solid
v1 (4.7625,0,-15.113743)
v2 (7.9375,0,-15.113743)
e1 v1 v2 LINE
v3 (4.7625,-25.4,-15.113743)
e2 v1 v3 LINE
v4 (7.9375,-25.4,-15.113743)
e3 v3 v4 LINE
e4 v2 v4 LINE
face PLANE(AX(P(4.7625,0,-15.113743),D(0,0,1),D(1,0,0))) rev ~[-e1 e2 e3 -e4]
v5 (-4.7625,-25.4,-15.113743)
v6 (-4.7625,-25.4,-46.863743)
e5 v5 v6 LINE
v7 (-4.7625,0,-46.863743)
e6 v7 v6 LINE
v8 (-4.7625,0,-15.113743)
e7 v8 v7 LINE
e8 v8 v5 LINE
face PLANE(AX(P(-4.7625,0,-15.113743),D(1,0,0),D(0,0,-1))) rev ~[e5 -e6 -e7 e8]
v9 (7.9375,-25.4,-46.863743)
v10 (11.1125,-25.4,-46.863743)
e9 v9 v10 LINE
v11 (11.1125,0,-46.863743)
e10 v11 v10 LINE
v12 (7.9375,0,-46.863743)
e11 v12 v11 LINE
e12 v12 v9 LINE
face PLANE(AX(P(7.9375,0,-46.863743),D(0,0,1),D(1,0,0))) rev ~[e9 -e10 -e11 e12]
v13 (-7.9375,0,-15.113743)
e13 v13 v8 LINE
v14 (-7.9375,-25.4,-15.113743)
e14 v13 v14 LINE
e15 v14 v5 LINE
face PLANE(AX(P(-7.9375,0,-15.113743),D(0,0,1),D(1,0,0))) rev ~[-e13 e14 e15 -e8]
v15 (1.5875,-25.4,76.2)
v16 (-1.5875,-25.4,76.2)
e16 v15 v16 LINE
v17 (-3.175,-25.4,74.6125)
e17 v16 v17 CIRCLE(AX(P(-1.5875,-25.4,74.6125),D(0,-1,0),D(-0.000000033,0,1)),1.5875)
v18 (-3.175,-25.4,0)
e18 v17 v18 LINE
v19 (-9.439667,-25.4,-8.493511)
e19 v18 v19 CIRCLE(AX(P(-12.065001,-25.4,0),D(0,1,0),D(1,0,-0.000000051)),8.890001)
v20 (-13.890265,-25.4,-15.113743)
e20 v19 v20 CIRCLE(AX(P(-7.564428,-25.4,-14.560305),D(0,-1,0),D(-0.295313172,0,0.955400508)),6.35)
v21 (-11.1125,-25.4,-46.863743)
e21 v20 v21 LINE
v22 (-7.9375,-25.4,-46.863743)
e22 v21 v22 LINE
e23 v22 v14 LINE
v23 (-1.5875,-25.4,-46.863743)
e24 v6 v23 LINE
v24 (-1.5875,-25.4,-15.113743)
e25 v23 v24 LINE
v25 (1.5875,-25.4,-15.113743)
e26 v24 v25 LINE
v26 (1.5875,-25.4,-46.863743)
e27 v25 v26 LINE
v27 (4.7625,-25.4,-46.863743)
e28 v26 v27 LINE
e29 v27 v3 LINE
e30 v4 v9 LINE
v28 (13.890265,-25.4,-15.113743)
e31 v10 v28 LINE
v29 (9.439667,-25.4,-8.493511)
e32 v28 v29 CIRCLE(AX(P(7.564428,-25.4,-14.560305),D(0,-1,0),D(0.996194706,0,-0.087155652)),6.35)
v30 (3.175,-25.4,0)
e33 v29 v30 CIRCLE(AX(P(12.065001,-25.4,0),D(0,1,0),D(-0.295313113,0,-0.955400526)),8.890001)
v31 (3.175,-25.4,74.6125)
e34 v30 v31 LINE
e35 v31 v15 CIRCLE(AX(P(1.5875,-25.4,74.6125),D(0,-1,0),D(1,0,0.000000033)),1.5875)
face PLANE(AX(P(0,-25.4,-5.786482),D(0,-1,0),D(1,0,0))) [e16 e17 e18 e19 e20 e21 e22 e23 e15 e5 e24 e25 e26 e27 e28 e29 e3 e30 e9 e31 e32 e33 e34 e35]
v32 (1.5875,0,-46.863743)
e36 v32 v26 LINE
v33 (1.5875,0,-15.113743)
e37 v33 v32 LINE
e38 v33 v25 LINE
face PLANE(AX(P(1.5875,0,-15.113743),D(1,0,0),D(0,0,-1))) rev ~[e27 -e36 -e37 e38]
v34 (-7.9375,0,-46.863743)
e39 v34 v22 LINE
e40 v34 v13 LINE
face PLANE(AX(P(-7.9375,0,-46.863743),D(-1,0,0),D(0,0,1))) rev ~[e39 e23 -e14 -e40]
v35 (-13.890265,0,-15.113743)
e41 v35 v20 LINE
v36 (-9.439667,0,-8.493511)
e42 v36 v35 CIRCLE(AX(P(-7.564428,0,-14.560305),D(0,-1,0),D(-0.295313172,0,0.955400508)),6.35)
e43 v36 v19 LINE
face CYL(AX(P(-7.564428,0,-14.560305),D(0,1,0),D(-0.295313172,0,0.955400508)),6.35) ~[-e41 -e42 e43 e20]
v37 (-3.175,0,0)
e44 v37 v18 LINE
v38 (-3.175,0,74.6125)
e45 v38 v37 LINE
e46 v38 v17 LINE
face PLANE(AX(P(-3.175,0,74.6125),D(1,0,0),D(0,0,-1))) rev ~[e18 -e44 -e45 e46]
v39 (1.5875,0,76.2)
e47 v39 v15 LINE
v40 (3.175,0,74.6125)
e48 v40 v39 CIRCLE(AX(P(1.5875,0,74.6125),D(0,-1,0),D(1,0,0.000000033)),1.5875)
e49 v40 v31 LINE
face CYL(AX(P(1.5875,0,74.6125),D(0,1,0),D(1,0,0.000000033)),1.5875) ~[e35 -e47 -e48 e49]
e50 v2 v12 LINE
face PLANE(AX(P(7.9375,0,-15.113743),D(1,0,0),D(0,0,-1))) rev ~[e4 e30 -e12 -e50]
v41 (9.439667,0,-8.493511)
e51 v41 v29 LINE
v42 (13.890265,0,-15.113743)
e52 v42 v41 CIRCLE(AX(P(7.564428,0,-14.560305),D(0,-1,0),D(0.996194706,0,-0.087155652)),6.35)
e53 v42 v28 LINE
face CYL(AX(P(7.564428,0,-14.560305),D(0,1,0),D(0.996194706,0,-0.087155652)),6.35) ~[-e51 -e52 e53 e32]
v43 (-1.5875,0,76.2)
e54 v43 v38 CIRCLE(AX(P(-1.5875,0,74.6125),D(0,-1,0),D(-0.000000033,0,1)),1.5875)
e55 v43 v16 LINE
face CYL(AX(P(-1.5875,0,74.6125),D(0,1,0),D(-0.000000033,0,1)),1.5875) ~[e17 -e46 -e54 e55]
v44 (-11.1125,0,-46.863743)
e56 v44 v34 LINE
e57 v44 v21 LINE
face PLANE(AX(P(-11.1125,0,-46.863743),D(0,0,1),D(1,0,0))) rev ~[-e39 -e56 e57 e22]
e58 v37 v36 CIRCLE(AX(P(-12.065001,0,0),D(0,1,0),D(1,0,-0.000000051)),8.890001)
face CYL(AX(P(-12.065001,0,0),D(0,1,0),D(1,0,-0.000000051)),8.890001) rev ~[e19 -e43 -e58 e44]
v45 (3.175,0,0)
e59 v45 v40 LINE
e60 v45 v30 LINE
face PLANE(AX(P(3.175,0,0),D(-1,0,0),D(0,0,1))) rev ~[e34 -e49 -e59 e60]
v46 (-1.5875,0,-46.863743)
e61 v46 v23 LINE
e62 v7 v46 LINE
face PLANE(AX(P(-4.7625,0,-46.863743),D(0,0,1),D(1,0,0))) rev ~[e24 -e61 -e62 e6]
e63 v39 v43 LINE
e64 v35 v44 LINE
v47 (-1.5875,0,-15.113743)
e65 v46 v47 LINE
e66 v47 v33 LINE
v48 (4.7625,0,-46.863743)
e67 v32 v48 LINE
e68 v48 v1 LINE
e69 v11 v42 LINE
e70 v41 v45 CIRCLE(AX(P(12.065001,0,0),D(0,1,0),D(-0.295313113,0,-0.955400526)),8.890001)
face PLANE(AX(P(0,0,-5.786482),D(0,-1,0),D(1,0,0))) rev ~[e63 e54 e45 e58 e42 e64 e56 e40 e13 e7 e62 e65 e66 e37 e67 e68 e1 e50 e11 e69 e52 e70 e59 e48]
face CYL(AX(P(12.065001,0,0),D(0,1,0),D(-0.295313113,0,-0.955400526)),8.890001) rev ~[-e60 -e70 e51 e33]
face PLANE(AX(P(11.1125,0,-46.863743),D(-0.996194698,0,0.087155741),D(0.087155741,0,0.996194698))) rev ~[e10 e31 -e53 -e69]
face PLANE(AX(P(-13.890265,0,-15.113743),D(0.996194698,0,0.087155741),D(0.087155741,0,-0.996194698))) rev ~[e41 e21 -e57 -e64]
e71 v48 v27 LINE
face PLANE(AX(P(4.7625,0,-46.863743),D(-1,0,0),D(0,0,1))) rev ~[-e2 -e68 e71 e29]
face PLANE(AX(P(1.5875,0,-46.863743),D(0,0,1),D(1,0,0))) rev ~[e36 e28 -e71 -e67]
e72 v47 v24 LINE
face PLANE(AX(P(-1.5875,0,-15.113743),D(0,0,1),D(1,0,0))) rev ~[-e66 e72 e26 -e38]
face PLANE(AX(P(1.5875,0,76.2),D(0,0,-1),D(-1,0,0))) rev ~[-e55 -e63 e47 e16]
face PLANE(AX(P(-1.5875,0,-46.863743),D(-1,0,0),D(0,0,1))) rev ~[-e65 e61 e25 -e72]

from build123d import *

# Parameters (mm, degrees)
F1_DEPTH = 25.4


with BuildPart() as f1:
    # F0 (on Front) → F1 (new body)
    with BuildSketch(Plane.XZ):
        with BuildLine():
            ThreePointArc((-1.5875, 76.2), (-2.710032, 75.735032), (-3.175, 74.6125))
            Line((-3.175, 74.6125), (-3.175, 0))
            ThreePointArc((-3.175, 0), (-4.910585, -5.276973), (-9.439667, -8.493511))
            ThreePointArc((-9.439667, -8.493511), (-12.834274, -11.017533), (-13.890265, -15.113743))
            Line((-13.890265, -15.113743), (-11.1125, -46.863743))
            Line((-11.1125, -46.863743), (-7.9375, -46.863743))
            Line((-7.9375, -46.863743), (-7.9375, -15.113743))
            Line((-7.9375, -15.113743), (-4.7625, -15.113743))
            Line((-4.7625, -15.113743), (-4.7625, -46.863743))
            Line((-4.7625, -46.863743), (-1.5875, -46.863743))
            Line((-1.5875, -46.863743), (-1.5875, -15.113743))
            Line((-1.5875, -15.113743), (0, -15.113743))
            Line((0, -15.113743), (1.5875, -15.113743))
            Line((1.5875, -15.113743), (1.5875, -46.863743))
            Line((1.5875, -46.863743), (4.7625, -46.863743))
            Line((4.7625, -46.863743), (4.7625, -15.113743))
            Line((4.7625, -15.113743), (7.9375, -15.113743))
            Line((7.9375, -15.113743), (7.9375, -46.863743))
            Line((7.9375, -46.863743), (11.1125, -46.863743))
            Line((11.1125, -46.863743), (13.890265, -15.113743))
            ThreePointArc((13.890265, -15.113743), (12.834274, -11.017533), (9.439667, -8.493511))
            ThreePointArc((9.439667, -8.493511), (4.910585, -5.276973), (3.175, 0))
            Line((3.175, 0), (3.175, 74.6125))
            ThreePointArc((3.175, 74.6125), (2.710032, 75.735032), (1.5875, 76.2))
            Line((1.5875, 76.2), (0, 76.2))
            Line((0, 76.2), (-1.5875, 76.2))
        make_face()
    extrude(amount=F1_DEPTH)


solid = f1.part
